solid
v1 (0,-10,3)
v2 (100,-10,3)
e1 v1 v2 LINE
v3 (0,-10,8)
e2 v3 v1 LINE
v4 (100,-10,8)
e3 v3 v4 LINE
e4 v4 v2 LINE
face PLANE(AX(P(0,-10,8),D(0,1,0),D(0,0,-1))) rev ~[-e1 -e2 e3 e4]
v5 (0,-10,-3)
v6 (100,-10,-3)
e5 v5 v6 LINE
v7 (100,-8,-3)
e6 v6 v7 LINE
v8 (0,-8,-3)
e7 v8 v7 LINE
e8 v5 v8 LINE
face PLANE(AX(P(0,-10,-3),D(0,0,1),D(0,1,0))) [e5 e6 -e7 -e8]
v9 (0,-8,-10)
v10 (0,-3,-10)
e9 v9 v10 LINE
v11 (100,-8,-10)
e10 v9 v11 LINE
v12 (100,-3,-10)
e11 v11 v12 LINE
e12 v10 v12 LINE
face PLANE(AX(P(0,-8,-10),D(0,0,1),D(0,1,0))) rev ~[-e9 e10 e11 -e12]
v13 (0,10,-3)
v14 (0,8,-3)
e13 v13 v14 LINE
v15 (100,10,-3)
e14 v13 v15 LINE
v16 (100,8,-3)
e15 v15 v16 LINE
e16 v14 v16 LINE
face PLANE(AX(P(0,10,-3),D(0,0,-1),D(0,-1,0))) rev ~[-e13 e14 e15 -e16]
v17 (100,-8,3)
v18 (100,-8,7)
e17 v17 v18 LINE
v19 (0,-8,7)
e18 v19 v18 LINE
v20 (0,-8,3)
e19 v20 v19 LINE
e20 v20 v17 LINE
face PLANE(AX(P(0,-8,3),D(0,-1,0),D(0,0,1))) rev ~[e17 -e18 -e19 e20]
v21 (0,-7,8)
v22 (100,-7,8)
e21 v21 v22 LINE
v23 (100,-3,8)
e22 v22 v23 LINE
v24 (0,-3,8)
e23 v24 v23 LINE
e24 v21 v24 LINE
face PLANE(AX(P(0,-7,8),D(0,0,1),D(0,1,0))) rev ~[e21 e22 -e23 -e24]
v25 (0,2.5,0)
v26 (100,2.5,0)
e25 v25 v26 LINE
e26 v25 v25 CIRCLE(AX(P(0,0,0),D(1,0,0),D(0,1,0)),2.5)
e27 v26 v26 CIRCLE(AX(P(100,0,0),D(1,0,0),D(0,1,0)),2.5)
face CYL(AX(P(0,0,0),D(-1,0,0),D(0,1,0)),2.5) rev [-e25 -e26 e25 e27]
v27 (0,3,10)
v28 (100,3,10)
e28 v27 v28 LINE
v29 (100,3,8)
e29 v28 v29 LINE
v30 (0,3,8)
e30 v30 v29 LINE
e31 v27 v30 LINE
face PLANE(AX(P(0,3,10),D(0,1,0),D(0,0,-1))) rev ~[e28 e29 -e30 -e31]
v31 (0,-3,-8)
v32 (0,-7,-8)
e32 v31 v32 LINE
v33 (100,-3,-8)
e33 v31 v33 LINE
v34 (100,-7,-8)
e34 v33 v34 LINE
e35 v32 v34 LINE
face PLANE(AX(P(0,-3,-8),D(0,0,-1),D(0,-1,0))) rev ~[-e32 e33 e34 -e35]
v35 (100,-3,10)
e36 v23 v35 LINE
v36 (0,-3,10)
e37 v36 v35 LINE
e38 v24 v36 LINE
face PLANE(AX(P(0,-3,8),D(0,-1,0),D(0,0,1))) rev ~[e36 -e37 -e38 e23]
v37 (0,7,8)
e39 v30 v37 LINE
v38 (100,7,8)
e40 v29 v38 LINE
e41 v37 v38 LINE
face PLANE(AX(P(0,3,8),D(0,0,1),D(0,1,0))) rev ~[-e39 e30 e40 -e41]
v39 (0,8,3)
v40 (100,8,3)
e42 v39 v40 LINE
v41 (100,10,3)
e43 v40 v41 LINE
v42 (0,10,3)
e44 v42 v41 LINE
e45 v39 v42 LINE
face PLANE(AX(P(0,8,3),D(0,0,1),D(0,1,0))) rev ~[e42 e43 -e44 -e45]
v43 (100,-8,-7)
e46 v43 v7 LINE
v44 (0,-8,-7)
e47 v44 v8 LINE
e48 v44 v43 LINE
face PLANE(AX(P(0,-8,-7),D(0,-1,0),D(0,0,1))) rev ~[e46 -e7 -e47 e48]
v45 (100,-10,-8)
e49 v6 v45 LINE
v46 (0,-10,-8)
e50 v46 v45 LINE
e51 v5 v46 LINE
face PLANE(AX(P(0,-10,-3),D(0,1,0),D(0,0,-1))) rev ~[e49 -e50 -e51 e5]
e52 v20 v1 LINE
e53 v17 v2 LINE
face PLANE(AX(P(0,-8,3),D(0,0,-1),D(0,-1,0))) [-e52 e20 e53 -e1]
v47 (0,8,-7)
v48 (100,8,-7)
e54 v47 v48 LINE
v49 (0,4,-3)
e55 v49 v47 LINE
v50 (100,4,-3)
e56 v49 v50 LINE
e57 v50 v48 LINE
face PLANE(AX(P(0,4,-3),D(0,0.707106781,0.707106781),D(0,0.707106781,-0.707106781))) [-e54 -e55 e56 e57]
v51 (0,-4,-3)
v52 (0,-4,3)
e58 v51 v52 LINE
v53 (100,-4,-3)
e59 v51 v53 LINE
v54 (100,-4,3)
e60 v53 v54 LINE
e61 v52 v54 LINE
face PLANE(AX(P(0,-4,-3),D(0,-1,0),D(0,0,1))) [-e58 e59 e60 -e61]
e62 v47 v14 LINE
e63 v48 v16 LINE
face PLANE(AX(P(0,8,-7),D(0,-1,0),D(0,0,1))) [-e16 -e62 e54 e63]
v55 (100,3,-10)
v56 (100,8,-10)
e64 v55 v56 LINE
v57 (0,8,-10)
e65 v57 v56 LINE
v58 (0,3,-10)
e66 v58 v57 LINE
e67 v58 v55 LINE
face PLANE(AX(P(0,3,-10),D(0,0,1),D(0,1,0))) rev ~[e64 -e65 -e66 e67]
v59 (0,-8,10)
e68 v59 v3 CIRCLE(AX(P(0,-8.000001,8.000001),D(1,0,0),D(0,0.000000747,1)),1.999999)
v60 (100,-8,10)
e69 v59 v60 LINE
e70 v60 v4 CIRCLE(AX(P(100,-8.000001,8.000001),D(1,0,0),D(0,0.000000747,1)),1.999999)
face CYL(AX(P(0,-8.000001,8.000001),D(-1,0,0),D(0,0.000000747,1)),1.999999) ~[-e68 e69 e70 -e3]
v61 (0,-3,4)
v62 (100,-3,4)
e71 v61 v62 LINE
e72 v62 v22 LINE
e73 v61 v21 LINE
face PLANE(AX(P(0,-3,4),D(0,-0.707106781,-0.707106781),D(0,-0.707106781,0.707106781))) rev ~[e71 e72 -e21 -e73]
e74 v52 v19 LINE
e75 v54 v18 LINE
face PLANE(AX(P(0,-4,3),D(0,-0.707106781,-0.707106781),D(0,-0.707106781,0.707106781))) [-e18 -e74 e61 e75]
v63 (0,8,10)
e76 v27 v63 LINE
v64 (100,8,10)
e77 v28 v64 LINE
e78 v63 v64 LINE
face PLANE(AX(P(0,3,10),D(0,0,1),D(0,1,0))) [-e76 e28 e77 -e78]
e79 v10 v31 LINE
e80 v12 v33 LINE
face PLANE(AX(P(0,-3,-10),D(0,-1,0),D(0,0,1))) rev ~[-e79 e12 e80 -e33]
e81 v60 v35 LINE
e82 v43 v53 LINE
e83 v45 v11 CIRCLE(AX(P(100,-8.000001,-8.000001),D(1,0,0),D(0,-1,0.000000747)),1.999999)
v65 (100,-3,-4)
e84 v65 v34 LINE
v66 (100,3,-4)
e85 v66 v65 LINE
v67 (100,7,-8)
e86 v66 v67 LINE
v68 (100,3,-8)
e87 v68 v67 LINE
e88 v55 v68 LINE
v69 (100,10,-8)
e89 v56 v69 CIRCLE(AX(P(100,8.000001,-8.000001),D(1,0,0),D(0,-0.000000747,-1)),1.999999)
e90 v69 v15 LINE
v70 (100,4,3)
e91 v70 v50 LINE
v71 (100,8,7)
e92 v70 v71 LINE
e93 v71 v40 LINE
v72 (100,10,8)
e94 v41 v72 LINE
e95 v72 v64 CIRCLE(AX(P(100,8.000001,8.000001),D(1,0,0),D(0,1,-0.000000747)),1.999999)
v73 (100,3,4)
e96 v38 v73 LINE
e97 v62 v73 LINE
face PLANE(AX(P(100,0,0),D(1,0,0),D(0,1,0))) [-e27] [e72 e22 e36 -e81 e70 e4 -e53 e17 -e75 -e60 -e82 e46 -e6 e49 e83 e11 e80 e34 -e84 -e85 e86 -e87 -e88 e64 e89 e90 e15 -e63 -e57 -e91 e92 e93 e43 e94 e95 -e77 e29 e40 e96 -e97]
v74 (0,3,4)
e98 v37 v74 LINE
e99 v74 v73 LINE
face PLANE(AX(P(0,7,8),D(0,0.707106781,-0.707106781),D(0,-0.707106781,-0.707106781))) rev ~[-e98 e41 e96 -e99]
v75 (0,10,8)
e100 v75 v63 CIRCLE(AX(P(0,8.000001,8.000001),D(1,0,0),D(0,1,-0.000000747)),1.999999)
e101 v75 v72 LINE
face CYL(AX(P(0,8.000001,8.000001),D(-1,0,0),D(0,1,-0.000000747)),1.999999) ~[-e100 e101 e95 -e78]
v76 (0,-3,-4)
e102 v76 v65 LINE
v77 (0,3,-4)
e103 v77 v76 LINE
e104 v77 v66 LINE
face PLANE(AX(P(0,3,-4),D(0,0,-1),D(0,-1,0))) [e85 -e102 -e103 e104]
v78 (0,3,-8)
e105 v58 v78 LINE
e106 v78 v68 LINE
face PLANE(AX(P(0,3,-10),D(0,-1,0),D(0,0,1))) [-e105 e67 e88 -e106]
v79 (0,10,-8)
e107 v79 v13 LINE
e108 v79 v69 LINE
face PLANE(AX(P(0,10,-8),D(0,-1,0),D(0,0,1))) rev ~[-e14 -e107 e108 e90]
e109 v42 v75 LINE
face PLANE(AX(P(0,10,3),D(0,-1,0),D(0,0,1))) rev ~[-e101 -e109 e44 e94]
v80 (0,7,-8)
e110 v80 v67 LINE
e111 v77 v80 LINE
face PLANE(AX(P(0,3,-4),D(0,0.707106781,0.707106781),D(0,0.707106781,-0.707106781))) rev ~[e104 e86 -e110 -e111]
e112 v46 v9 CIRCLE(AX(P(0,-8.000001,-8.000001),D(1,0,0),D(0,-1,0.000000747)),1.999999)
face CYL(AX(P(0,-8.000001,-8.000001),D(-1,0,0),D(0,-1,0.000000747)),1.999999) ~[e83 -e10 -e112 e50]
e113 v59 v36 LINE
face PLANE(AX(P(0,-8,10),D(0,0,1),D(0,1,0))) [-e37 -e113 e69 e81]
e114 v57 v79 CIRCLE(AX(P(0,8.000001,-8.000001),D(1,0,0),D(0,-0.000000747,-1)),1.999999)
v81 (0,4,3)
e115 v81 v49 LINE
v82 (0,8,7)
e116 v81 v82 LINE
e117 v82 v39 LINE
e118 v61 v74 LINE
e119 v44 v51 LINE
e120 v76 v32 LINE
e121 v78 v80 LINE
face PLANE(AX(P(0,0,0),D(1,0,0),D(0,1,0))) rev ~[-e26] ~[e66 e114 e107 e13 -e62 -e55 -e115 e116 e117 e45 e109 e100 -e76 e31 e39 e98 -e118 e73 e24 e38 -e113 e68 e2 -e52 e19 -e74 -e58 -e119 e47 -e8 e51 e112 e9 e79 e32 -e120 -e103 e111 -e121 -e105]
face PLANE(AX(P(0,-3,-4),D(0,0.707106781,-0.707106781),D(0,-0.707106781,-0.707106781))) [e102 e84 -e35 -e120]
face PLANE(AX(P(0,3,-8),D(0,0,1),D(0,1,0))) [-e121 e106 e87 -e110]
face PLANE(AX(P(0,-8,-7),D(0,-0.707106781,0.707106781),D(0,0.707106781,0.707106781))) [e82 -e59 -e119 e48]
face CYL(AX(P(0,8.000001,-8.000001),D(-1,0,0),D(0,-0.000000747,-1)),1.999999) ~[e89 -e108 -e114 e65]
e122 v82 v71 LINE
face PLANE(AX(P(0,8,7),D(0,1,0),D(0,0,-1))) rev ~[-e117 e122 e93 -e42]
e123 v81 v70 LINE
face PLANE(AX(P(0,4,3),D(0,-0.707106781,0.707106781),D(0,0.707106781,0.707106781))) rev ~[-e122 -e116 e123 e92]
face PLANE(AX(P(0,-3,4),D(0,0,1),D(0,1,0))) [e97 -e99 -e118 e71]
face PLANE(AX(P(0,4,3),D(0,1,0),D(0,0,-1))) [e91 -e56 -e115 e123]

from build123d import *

# Parameters (mm, degrees)
SKETCH_R  = 2.5
PAD_DEPTH = 100


with BuildPart() as part:
    # Sketch → Pad (new body)
    with BuildSketch(Plane.YZ):
        with BuildLine():
            ThreePointArc((-8, 10), (-9.414214, 9.414214), (-10, 8))
            Line((-10, 8), (-10, 3))
            Line((-8, 3), (-10, 3))
            Line((-8, 3), (-8, 7))
            Line((-4, 3), (-8, 7))
            Line((-4, -3), (-4, 3))
            Line((-8, -7), (-4, -3))
            Line((-8, -7), (-8, -3))
            Line((-10, -3), (-8, -3))
            Line((-10, -3), (-10, -8))
            ThreePointArc((-10, -8), (-9.414214, -9.414214), (-8, -10))
            Line((-8, -10), (-3, -10))
            Line((-3, -10), (-3, -8))
            Line((-3, -8), (-7, -8))
            Line((-3, -4), (-7, -8))
            Line((3, -4), (-3, -4))
            Line((3, -4), (7, -8))
            Line((3, -8), (7, -8))
            Line((3, -10), (3, -8))
            Line((3, -10), (8, -10))
            ThreePointArc((8, -10), (9.414214, -9.414214), (10, -8))
            Line((10, -8), (10, -3))
            Line((10, -3), (8, -3))
            Line((8, -7), (8, -3))
            Line((4, -3), (8, -7))
            Line((4, 3), (4, -3))
            Line((4, 3), (8, 7))
            Line((8, 7), (8, 3))
            Line((8, 3), (10, 3))
            Line((10, 3), (10, 8))
            ThreePointArc((10, 8), (9.414214, 9.414214), (8, 10))
            Line((3, 10), (8, 10))
            Line((3, 10), (3, 8))
            Line((3, 8), (7, 8))
            Line((7, 8), (3, 4))
            Line((-3, 4), (3, 4))
            Line((-3, 4), (-7, 8))
            Line((-7, 8), (-3, 8))
            Line((-3, 8), (-3, 10))
            Line((-8, 10), (-3, 10))
        make_face()
        Circle(SKETCH_R, mode=Mode.SUBTRACT)
    extrude(amount=PAD_DEPTH)


solid = part.part
